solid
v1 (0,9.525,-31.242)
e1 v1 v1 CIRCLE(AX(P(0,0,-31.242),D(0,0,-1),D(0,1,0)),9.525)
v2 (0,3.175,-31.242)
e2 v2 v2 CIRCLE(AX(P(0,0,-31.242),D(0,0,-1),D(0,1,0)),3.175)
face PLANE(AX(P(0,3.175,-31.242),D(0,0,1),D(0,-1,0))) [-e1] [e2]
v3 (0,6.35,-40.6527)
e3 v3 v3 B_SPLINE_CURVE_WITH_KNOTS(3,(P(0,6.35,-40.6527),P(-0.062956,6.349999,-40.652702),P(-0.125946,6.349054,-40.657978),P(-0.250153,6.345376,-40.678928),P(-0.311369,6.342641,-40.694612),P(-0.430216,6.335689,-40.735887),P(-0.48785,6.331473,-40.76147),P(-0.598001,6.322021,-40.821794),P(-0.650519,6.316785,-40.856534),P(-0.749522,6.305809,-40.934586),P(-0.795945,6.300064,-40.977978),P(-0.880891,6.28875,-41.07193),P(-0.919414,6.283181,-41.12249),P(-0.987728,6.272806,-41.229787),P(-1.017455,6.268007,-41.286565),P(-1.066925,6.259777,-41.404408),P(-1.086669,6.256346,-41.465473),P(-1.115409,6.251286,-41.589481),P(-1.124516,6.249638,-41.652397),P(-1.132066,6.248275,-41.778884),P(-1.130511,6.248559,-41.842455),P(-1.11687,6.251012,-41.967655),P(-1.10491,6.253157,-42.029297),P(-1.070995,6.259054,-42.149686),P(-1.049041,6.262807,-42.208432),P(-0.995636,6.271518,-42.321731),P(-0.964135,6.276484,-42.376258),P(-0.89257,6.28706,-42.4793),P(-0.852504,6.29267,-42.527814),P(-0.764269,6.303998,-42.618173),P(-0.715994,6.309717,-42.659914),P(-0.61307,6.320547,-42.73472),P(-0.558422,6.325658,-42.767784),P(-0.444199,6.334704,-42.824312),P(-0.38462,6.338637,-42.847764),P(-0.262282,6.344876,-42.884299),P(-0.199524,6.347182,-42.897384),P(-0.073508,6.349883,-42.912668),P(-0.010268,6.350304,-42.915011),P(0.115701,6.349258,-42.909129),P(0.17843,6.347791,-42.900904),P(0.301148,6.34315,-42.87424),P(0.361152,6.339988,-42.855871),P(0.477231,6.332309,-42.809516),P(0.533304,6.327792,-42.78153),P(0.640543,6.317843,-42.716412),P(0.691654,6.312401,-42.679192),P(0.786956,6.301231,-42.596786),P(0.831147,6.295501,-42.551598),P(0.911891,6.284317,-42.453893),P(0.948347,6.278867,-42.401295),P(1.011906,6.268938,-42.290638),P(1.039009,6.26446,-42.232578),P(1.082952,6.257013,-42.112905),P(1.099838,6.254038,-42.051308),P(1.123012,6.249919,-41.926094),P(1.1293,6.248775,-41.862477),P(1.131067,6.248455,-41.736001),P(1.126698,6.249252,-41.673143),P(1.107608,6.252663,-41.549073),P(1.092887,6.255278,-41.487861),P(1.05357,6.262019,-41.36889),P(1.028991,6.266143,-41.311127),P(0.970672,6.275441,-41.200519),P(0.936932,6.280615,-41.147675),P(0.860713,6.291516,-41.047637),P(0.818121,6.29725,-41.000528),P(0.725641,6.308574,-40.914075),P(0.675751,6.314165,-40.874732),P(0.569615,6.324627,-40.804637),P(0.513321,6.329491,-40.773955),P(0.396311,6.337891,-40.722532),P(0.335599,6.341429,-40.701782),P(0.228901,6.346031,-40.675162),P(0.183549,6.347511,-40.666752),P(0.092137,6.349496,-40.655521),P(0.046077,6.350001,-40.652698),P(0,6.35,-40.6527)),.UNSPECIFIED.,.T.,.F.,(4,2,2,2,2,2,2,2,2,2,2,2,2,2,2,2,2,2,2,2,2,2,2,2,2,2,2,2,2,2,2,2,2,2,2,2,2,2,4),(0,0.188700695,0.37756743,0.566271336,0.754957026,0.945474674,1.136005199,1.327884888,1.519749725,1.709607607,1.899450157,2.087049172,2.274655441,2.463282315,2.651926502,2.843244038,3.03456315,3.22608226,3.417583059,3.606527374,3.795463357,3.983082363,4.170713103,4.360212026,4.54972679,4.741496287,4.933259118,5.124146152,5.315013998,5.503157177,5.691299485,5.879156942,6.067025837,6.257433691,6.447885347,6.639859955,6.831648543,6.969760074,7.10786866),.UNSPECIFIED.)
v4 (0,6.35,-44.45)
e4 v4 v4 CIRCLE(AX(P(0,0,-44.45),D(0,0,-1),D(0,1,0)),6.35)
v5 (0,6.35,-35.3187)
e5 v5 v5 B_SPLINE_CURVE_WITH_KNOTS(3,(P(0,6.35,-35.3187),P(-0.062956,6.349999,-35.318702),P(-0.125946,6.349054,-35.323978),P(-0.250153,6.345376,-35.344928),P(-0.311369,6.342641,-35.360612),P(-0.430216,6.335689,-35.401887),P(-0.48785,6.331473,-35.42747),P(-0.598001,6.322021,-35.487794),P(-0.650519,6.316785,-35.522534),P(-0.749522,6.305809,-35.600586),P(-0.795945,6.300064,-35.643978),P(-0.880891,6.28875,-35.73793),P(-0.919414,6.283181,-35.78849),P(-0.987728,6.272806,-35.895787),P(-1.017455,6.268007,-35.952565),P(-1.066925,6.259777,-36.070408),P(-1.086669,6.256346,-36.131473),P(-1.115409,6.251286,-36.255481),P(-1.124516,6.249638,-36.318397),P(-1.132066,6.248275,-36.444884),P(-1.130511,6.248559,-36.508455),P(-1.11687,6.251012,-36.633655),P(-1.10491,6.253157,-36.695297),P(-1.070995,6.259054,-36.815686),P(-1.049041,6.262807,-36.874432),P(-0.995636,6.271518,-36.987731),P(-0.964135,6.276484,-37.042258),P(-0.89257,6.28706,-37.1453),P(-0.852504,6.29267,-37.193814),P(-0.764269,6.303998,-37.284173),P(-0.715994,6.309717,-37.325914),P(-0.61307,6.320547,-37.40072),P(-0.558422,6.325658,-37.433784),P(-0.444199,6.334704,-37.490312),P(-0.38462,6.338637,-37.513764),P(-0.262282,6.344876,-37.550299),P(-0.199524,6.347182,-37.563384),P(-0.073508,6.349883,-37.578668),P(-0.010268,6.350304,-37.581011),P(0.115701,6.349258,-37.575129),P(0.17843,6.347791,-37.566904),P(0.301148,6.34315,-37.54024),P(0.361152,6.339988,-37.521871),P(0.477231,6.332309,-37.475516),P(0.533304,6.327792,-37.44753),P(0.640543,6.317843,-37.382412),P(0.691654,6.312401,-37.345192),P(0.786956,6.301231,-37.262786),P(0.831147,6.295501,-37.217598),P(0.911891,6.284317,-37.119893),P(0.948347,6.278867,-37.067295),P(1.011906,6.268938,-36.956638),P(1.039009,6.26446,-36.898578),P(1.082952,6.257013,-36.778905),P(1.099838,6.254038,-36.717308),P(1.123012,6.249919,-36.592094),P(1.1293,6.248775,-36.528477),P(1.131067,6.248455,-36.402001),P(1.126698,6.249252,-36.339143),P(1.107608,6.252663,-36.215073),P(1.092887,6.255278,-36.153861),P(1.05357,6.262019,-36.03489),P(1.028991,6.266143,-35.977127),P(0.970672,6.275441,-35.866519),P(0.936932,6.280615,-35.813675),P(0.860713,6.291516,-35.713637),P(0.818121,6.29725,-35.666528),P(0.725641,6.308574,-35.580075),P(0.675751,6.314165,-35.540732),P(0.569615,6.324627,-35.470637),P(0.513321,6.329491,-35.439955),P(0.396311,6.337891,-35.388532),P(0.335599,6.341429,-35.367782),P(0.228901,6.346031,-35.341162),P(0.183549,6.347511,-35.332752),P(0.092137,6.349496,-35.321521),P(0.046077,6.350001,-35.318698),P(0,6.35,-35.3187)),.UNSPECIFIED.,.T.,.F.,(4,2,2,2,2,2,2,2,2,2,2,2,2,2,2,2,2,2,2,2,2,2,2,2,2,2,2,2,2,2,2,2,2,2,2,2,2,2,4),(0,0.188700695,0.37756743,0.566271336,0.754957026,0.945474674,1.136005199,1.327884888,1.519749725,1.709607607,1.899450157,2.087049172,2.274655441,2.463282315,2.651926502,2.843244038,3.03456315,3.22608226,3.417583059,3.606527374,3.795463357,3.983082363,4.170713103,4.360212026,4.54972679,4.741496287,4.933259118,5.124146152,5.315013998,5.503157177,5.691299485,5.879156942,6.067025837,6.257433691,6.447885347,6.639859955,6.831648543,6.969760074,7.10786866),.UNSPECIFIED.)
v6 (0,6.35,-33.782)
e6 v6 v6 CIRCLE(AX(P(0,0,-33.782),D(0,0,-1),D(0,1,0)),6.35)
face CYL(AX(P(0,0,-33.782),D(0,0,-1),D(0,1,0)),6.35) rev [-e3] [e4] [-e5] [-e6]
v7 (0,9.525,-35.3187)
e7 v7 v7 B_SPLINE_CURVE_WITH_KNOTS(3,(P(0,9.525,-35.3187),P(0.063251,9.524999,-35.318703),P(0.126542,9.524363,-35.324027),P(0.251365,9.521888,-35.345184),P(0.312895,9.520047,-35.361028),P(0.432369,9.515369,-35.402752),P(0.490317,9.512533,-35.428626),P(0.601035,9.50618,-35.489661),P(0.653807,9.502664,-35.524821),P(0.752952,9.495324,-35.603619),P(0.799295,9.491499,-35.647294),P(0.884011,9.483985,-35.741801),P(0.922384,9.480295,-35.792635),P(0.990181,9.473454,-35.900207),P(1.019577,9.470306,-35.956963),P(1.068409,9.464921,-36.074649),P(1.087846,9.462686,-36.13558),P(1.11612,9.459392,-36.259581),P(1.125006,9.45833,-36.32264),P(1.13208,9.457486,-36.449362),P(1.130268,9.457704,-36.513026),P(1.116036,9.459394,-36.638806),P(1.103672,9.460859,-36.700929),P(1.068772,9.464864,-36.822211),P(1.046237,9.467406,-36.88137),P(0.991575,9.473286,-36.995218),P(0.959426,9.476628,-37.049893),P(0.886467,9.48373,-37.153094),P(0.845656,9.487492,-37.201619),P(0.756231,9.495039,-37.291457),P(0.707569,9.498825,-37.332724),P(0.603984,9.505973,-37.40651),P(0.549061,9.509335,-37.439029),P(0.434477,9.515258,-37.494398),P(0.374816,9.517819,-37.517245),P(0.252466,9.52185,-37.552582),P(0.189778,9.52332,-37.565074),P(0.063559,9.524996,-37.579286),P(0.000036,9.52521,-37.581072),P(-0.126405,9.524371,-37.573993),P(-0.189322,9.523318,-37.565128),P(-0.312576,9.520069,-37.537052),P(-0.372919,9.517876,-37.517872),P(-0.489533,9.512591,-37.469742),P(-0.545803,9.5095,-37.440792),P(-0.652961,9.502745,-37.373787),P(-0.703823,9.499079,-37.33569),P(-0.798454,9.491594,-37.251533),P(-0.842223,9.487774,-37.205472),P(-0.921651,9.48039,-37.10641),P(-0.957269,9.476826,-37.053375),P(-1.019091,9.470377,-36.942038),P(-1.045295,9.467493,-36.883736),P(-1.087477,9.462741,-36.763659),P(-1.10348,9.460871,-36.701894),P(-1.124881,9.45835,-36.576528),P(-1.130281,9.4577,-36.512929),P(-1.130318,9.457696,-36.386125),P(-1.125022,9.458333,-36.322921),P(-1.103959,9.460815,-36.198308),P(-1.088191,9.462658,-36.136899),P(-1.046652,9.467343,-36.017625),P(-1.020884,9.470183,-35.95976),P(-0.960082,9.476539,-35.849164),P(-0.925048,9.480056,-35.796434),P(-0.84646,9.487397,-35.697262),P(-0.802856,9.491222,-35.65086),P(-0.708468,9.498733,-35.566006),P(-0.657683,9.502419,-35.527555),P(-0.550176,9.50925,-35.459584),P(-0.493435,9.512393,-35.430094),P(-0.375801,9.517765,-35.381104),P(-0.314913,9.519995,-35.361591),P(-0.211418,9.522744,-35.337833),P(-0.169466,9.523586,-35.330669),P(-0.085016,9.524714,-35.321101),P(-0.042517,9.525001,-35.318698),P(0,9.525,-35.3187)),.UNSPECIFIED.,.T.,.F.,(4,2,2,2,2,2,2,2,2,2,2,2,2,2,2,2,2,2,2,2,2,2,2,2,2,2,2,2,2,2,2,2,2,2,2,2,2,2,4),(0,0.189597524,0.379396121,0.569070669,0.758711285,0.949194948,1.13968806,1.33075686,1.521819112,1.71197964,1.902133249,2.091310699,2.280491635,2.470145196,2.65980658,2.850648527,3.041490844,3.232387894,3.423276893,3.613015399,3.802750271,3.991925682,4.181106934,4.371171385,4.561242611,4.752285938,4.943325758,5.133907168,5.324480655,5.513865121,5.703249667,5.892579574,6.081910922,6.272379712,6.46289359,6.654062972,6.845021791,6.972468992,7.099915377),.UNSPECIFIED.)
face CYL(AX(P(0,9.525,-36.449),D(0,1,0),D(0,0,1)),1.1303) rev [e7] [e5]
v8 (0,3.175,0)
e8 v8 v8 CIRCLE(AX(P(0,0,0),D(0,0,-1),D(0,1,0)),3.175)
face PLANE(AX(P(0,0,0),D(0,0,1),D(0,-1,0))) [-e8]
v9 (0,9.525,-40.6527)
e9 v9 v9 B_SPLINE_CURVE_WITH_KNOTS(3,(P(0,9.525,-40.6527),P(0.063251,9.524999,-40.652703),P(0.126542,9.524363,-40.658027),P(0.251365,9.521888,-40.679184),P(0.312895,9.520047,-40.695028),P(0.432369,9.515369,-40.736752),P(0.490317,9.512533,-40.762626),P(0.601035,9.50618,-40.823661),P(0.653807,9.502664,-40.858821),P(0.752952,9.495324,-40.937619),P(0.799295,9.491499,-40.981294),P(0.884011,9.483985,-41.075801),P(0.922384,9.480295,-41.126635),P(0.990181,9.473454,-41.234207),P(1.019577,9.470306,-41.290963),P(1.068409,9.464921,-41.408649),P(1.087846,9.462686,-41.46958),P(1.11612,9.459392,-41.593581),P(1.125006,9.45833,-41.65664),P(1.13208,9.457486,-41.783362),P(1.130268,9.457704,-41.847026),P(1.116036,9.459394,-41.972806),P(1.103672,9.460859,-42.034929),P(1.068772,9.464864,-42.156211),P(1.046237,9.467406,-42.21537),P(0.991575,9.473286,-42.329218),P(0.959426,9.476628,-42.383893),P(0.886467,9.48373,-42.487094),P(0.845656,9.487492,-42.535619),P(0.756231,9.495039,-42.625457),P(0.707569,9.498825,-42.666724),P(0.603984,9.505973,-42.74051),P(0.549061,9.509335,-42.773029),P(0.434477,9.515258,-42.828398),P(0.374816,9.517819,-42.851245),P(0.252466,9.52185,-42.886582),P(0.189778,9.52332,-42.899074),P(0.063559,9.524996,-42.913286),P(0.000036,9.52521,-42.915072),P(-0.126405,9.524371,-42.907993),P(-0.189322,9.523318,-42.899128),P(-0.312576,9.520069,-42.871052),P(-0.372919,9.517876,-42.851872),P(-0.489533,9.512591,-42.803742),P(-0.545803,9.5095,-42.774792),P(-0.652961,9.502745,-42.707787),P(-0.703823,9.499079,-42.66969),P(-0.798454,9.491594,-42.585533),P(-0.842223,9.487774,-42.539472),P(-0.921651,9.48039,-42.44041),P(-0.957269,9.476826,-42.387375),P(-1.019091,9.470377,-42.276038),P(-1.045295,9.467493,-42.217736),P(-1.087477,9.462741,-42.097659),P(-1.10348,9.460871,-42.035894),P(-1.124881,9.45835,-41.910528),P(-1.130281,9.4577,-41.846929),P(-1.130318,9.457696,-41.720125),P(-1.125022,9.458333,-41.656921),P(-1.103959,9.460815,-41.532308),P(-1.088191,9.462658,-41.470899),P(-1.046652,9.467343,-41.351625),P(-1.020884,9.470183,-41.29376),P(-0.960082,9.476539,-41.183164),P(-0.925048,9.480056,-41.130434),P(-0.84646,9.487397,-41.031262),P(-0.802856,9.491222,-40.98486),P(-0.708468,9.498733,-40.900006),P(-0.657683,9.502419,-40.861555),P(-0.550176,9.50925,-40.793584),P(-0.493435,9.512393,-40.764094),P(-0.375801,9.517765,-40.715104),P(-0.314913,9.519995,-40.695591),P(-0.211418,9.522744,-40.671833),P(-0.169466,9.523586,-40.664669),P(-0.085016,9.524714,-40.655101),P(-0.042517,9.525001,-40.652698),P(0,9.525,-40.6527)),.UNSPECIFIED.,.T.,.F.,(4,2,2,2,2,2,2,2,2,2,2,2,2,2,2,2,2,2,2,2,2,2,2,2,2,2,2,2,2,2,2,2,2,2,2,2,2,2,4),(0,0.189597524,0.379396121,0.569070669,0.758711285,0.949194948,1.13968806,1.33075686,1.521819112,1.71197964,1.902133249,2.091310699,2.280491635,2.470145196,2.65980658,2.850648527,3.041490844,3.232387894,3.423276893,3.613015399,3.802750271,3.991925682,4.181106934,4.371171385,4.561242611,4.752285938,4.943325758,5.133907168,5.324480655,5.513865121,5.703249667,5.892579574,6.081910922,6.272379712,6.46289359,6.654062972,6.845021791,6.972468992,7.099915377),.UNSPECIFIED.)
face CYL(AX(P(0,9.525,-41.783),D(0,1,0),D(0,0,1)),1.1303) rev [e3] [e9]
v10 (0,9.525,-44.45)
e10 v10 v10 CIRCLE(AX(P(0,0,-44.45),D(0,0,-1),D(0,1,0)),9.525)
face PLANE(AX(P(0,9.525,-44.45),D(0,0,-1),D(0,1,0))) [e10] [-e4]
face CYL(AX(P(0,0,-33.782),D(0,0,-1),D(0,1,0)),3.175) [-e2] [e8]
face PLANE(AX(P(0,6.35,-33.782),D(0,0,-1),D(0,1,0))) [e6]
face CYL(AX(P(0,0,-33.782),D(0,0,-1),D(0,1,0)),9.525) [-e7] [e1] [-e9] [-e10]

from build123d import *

# Parameters (mm, degrees)
F_4_40_TAPPED_HOLE1_REACH  = 51.289
F_4_40_TAPPED_HOLE1_BORE_R = 1.1303


with BuildPart() as part:
    # Sketch → Shaft (revolve)
    with BuildSketch(Plane(origin=(0, 0, 0), x_dir=(0, 0, -1), z_dir=(1, 0, 0))):
        Polygon((0, 0), (0, 3.175), (31.242, 3.175), (31.242, 9.525), (44.45, 9.525), (44.45, 6.35), (33.782, 6.35), (33.782, 0), align=None)
    revolve(axis=Axis((0, 0, -33.782), (0, 0, 1)))

    # #4-40 Tapped Hole1 bore → #4-40 Tapped Hole1 (cut, up to next)
    with BuildSketch(Plane(origin=(0, 9.525, 0), x_dir=(1, 0, 0), z_dir=(0, 1, 0)), mode=Mode.PRIVATE) as f_4_40_tapped_hole1_sk1:
        with Locations((0, 36.449)):
            Circle(F_4_40_TAPPED_HOLE1_BORE_R)
    f_4_40_tapped_hole1_tool1 = extrude(f_4_40_tapped_hole1_sk1.sketch, amount=-F_4_40_TAPPED_HOLE1_REACH, mode=Mode.PRIVATE) & part.part
    # #4-40 Tapped Hole1 bore → #4-40 Tapped Hole1 (cut, up to next)
    with BuildSketch(Plane(origin=(0, 9.525, 0), x_dir=(1, 0, 0), z_dir=(0, 1, 0)), mode=Mode.PRIVATE) as f_4_40_tapped_hole1_sk2:
        with Locations((0, 41.783)):
            Circle(F_4_40_TAPPED_HOLE1_BORE_R)
    f_4_40_tapped_hole1_tool2 = extrude(f_4_40_tapped_hole1_sk2.sketch, amount=-F_4_40_TAPPED_HOLE1_REACH, mode=Mode.PRIVATE) & part.part
    add(f_4_40_tapped_hole1_tool1.solids().sort_by_distance((0, 9.525, -36.449))[0], mode=Mode.SUBTRACT)
    add(f_4_40_tapped_hole1_tool2.solids().sort_by_distance((0, 9.525, -41.783))[0], mode=Mode.SUBTRACT)


solid = part.part
